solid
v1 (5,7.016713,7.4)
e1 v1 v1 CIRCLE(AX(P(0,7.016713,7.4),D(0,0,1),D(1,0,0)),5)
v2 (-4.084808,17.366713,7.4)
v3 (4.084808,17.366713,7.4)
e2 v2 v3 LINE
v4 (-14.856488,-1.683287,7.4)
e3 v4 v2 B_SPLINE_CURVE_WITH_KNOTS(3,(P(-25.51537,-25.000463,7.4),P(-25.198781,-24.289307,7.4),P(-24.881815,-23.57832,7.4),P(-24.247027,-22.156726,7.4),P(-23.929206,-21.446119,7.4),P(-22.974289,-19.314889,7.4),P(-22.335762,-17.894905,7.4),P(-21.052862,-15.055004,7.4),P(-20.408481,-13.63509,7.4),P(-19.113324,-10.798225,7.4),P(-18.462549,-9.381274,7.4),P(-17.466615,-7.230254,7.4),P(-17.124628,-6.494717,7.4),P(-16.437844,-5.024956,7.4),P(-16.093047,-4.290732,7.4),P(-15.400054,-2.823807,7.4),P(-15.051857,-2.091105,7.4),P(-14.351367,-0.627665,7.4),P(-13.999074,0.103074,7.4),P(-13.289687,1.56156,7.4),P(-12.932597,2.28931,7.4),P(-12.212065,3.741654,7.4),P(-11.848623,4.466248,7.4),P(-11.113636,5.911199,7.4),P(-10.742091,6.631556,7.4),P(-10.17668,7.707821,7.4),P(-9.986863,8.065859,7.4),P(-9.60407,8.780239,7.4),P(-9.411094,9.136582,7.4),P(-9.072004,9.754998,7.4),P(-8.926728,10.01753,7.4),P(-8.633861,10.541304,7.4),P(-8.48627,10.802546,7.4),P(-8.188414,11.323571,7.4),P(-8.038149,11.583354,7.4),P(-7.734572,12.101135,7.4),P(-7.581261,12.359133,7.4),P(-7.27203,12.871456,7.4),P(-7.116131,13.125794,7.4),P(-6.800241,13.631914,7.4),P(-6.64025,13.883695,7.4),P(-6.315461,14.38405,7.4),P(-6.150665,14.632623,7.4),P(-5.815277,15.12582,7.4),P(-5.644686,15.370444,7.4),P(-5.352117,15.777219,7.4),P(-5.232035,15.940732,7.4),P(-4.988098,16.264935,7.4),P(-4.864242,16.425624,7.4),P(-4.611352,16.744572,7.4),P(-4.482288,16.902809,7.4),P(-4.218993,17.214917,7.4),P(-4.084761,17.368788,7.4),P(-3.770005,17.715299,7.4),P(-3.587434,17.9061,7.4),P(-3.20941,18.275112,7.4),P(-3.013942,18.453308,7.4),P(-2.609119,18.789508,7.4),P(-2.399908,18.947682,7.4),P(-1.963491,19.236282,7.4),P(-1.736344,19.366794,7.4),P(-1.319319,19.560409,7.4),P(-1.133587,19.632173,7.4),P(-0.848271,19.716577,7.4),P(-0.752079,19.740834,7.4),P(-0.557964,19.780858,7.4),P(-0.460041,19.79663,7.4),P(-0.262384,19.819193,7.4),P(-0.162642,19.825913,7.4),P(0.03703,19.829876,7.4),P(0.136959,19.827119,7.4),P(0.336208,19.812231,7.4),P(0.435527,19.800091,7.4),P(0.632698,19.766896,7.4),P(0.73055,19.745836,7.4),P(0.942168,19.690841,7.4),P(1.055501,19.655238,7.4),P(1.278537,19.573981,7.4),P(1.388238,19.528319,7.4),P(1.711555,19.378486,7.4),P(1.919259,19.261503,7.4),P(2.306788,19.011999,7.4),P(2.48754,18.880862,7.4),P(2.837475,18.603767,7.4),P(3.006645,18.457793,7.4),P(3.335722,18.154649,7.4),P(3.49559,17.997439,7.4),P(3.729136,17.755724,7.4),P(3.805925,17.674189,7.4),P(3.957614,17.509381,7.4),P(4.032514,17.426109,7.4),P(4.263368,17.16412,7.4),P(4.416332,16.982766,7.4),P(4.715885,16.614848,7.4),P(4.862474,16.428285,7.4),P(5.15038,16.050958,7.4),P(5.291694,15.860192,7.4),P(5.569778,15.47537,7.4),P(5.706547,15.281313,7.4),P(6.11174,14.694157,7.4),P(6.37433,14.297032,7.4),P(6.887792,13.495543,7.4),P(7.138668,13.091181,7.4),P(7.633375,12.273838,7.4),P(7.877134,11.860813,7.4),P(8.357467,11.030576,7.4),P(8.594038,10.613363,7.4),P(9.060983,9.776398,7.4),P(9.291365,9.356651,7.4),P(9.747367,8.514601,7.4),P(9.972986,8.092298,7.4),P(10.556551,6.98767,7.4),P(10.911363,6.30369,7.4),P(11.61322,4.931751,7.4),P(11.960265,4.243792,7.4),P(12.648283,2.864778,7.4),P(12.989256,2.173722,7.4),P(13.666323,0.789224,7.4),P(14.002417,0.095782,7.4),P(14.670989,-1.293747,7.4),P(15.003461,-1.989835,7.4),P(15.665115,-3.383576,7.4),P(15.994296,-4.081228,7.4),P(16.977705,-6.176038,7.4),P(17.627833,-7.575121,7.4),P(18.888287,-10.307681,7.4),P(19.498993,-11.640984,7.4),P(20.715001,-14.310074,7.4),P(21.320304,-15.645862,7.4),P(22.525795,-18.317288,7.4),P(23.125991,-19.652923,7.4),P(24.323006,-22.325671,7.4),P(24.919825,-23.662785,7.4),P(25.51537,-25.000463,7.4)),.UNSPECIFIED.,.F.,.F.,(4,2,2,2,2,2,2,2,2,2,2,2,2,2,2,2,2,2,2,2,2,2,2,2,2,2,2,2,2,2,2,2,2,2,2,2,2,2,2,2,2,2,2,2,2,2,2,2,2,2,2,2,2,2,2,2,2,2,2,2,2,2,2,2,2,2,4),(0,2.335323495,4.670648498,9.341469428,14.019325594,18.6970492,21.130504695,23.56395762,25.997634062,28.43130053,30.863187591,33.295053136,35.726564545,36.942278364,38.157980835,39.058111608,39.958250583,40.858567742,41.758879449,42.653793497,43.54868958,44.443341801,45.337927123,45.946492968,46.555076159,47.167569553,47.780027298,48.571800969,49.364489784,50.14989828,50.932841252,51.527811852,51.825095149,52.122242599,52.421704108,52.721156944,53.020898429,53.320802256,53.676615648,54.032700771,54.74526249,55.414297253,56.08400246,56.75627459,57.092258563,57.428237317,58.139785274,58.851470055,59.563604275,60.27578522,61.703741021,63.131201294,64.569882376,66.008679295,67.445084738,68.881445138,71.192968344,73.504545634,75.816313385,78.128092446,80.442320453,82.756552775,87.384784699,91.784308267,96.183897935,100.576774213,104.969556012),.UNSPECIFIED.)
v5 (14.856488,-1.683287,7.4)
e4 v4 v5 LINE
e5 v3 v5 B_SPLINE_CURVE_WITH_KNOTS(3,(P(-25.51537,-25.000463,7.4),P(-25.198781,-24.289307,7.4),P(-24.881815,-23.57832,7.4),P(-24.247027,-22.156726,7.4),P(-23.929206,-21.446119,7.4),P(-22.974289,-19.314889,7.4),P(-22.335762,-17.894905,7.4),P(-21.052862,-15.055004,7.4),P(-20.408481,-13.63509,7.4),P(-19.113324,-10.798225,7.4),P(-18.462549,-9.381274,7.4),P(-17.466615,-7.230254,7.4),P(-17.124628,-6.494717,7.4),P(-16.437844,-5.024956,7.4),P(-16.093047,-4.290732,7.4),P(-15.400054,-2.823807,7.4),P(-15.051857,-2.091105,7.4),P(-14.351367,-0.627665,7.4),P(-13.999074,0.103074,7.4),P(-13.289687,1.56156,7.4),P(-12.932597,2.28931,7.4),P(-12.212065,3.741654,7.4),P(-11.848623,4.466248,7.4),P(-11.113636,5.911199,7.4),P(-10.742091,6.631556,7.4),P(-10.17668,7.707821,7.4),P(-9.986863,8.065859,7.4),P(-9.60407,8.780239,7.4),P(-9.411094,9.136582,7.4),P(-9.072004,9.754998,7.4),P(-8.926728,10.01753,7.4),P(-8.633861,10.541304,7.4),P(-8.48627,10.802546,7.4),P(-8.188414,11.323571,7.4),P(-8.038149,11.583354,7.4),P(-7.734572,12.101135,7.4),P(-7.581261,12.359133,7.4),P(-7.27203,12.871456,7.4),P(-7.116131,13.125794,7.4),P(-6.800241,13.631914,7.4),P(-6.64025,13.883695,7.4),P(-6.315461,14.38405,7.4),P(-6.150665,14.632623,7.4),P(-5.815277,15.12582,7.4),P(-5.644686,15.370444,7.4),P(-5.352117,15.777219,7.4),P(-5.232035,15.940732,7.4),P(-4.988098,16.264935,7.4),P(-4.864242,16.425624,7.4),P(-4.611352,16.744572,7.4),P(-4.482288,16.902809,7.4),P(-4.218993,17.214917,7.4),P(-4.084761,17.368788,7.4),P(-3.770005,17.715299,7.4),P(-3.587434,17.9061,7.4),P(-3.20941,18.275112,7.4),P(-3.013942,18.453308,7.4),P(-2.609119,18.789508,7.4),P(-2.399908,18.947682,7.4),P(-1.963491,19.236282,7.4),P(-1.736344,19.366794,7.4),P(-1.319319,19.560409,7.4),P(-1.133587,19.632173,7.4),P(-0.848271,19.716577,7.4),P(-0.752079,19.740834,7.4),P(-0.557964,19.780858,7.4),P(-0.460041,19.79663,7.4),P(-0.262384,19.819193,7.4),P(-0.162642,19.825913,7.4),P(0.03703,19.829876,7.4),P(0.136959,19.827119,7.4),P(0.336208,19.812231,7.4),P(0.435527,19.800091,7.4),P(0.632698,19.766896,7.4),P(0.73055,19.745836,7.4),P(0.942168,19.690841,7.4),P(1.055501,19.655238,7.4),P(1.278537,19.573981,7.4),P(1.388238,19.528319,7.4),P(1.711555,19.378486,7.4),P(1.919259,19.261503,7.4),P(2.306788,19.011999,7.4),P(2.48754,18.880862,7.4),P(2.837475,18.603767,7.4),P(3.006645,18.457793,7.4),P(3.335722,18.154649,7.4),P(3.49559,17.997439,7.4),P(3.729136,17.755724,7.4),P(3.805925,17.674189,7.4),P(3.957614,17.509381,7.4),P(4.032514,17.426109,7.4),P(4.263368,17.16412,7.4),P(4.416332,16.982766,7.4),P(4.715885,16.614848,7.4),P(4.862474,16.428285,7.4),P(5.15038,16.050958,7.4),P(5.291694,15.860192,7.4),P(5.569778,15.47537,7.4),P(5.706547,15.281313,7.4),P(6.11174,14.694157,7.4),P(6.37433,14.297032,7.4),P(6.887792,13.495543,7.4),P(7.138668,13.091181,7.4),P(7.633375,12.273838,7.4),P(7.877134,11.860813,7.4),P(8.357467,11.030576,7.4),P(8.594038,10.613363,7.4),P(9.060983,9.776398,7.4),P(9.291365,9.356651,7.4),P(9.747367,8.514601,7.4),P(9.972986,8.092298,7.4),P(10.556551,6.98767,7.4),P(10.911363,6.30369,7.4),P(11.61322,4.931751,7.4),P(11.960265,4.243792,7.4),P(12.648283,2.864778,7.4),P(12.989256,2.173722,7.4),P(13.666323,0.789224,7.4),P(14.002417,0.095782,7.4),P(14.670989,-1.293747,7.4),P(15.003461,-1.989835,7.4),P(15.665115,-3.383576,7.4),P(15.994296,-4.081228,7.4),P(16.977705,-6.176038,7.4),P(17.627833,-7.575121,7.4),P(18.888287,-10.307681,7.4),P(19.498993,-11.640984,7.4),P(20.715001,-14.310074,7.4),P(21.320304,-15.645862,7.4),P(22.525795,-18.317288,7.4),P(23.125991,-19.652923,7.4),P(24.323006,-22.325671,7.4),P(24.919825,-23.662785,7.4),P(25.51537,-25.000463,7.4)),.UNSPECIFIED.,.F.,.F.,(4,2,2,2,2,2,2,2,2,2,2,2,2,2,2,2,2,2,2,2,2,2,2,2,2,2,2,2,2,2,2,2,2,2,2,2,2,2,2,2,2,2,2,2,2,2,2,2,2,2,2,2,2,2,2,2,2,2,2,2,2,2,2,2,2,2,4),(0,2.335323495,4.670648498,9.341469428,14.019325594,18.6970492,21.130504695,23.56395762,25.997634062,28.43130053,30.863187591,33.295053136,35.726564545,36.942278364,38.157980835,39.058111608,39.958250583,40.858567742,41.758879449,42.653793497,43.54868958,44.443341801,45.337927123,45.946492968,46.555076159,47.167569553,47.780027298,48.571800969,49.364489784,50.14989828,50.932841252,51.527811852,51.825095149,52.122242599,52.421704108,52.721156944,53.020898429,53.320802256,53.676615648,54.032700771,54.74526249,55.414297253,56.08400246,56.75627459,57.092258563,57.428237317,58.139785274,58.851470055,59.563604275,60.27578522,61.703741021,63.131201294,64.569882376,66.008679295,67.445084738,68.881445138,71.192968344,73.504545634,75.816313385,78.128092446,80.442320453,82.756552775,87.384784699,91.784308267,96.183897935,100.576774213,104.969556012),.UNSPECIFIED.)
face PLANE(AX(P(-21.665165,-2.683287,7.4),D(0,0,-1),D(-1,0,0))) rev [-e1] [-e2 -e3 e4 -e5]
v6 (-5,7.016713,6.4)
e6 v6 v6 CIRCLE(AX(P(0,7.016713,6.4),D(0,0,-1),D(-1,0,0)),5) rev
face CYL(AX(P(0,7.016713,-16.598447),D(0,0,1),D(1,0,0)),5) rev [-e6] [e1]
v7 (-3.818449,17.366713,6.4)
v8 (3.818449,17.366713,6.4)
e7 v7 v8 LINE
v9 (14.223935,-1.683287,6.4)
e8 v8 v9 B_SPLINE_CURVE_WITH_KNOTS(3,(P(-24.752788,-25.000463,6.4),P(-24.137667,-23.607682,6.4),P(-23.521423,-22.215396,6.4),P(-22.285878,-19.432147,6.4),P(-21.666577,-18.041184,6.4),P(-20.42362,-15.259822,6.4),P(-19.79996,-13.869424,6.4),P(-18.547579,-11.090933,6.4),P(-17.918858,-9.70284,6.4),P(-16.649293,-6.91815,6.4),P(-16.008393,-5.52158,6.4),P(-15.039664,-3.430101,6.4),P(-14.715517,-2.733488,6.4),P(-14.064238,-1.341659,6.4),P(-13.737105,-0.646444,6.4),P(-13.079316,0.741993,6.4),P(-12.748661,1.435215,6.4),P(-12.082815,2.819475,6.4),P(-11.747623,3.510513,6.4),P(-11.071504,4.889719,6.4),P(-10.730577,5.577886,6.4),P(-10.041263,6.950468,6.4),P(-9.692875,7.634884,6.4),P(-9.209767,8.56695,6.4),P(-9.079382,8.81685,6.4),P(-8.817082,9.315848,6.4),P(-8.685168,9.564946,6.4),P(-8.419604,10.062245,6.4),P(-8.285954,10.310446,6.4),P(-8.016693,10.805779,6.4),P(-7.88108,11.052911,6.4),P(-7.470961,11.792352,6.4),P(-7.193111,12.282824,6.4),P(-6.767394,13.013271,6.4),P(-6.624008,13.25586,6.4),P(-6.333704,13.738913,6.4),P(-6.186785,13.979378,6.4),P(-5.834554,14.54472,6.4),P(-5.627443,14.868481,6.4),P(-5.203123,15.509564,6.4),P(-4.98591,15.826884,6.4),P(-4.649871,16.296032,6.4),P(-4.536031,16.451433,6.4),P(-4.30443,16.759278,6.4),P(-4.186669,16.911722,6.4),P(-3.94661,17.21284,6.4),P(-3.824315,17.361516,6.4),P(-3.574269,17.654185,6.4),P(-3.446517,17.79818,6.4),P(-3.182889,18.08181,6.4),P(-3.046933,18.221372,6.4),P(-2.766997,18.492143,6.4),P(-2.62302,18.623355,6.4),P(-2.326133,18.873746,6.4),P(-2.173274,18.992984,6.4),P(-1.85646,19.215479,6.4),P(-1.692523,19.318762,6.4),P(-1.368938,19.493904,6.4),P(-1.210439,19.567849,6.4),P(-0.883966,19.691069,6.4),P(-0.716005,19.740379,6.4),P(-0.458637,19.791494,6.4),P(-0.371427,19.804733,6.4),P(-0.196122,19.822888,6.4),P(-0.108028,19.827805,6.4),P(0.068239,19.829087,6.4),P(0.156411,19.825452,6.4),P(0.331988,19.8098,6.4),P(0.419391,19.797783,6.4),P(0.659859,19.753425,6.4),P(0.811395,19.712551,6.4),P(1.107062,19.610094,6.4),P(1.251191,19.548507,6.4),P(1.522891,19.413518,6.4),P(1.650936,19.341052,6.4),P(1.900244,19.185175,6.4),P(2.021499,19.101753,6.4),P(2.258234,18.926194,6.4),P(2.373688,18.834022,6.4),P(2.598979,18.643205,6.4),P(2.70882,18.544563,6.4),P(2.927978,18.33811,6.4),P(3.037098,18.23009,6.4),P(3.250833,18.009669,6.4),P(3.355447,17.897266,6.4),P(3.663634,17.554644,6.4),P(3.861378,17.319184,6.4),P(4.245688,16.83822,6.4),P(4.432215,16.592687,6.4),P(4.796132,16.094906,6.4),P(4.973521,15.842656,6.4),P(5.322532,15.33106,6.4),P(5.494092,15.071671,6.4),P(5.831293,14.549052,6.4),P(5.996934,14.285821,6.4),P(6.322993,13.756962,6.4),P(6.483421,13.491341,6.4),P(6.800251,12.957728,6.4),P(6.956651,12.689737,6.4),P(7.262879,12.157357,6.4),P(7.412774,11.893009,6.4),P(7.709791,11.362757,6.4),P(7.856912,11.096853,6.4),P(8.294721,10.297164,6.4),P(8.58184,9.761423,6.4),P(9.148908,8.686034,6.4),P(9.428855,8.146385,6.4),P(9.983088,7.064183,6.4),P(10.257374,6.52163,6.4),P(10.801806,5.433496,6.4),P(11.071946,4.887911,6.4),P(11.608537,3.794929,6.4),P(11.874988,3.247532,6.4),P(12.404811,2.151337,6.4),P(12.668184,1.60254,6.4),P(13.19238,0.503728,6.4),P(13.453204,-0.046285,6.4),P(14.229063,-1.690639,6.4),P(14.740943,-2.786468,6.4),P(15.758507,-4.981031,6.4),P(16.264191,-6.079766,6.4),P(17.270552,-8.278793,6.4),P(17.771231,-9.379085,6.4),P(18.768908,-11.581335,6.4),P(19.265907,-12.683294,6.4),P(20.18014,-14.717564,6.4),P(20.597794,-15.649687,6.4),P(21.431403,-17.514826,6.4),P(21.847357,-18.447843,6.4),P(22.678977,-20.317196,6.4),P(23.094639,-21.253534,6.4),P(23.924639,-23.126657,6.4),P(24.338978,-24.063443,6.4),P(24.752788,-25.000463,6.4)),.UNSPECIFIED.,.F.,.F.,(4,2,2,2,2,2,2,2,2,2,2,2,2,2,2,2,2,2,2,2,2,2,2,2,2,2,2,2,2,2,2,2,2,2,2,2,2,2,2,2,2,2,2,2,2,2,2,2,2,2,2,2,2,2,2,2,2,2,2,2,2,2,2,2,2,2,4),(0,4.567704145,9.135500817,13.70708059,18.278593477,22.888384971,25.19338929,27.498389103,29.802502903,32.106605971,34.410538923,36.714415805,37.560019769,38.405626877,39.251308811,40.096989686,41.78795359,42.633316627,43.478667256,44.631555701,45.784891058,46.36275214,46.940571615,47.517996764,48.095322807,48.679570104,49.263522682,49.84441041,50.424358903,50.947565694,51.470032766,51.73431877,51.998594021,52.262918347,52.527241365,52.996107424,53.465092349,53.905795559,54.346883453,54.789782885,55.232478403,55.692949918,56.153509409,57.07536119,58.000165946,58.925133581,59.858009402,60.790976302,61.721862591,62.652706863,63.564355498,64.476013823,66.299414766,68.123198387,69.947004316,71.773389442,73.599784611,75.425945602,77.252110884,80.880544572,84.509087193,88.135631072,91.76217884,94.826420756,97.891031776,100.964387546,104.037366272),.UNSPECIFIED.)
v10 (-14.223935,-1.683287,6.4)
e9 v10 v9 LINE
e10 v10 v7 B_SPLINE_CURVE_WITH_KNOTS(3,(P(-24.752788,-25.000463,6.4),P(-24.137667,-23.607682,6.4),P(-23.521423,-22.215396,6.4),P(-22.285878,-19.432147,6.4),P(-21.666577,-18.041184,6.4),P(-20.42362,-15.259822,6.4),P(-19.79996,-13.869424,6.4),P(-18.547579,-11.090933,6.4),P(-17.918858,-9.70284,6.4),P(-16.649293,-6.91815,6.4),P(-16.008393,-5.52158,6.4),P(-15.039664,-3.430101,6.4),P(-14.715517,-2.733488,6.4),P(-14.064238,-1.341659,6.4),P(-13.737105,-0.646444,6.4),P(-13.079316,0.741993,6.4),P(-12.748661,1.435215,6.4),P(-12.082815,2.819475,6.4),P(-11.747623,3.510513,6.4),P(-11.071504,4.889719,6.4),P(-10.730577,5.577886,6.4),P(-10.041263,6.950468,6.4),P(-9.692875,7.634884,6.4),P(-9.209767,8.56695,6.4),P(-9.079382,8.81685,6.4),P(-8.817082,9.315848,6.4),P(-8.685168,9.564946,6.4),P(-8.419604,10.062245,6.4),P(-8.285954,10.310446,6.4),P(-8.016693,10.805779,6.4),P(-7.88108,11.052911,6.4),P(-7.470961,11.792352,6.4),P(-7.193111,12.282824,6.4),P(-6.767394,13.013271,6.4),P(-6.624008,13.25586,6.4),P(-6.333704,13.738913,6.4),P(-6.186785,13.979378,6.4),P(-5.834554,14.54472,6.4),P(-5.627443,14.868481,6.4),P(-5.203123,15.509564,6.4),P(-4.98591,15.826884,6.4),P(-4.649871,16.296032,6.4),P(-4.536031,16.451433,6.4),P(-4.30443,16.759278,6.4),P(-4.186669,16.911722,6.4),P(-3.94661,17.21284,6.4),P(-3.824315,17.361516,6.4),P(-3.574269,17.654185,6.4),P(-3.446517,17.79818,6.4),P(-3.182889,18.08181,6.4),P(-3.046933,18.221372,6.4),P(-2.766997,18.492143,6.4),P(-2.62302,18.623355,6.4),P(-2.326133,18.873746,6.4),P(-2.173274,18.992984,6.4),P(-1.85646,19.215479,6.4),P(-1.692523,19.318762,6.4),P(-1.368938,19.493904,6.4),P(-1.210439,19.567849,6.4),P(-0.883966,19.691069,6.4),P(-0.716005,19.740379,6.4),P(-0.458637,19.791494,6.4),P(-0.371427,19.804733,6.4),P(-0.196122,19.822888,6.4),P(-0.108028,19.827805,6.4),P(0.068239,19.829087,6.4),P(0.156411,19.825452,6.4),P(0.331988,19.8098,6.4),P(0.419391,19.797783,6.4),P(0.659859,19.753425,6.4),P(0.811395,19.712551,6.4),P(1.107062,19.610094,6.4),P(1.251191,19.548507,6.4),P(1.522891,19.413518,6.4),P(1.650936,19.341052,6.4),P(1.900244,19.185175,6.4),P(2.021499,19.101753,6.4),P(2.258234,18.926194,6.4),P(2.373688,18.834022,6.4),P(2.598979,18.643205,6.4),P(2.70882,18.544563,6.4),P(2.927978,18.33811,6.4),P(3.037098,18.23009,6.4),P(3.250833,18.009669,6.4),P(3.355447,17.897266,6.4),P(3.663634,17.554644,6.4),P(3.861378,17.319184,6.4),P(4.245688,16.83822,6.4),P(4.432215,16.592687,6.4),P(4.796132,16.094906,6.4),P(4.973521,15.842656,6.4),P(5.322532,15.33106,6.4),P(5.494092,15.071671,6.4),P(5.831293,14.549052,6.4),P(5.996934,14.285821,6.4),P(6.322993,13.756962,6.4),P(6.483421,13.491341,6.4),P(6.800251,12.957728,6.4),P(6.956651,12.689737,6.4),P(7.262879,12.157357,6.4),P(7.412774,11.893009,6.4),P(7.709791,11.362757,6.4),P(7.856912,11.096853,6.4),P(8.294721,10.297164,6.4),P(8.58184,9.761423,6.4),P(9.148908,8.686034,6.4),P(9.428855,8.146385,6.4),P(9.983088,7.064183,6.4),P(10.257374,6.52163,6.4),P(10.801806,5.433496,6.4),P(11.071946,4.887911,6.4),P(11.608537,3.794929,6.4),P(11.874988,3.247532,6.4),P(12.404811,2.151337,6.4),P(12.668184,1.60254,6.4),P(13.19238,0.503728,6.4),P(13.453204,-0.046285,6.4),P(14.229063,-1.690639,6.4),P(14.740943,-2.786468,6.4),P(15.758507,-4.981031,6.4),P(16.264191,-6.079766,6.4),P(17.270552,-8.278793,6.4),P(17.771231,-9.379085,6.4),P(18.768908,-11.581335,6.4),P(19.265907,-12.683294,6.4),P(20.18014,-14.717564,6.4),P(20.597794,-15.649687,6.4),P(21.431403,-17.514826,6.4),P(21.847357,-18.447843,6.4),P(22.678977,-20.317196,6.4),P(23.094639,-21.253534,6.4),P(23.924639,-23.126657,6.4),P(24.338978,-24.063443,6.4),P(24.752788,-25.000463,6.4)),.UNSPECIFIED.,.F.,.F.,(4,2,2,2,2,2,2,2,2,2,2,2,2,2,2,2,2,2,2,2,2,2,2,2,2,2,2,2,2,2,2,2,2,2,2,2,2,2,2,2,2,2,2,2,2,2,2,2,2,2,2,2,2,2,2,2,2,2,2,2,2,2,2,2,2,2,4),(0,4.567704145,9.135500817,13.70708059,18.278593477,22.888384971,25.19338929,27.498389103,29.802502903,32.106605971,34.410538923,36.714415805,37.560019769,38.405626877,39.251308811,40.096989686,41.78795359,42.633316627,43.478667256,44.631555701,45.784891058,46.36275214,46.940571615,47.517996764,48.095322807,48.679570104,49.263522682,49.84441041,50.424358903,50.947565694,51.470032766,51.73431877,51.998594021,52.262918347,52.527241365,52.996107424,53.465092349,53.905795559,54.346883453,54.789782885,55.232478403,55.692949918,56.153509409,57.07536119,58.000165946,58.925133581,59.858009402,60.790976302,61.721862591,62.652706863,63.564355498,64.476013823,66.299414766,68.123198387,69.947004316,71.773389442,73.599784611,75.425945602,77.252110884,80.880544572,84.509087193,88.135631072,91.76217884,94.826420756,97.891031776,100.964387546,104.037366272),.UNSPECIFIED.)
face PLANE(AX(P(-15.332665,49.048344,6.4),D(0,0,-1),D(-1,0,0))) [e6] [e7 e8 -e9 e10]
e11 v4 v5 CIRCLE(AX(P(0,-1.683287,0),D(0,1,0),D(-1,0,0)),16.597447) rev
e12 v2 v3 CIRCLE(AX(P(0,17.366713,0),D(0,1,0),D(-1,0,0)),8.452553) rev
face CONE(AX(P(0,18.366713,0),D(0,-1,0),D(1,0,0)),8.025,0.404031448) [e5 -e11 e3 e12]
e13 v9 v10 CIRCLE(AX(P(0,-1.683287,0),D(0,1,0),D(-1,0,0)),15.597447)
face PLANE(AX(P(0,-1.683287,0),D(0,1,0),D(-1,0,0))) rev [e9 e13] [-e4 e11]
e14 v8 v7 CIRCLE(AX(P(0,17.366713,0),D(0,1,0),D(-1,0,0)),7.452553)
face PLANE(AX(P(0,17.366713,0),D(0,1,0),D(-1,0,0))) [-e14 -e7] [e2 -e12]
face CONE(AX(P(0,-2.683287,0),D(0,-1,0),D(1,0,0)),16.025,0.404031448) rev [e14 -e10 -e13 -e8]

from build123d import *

# Parameters (mm, degrees)
CUT_EXTRUDE1_DEPTH      = 32.981303132
CUT_EXTRUDE1_DEPTH_BACK = 32.981303132
SKETCH4_W               = 44.770884432
SKETCH4_H               = 10.69042287
SKETCH6_W               = 30.665330586
SKETCH6_H               = 1
BOSS_EXTRUDE1_DEPTH     = 21.05
SKETCH8_W               = 44.013591964
SKETCH8_H               = 26.255140404
CUT_EXTRUDE2_DEPTH      = 1
SKETCH9_W               = 50.816359418
SKETCH9_H               = 30.548951937
CUT_EXTRUDE3_DEPTH      = 1
CUT_EXTRUDE4_REACH      = 35.955
SKETCH10_R              = 5


with BuildPart() as part:
    # Sketch3 → Revolve1 (revolve)
    with BuildSketch(Plane.XY):
        Polygon((-7.025, 18.366712654), (-8.025, 18.366712654), (-17.025, -2.683287346), (-16.025, -2.683287346), align=None)
    revolve(axis=Axis((0, 50, 0), (0, -1, 0)))

    # Sketch4 → Cut-Extrude1 (cut, two sides: drawn at the far end of the back side and taken through both)
    with BuildSketch(Plane(origin=(0, 18.366712654, 0), x_dir=(1, 0, 0), z_dir=(0, 1, 0)).offset(-CUT_EXTRUDE1_DEPTH_BACK)):
        with Locations((0.720276718, -12.745211435)):
            Rectangle(SKETCH4_W, SKETCH4_H)
    extrude(amount=CUT_EXTRUDE1_DEPTH + CUT_EXTRUDE1_DEPTH_BACK, mode=Mode.SUBTRACT)

    # Sketch6 → Boss-Extrude1 (add)
    with BuildSketch(Plane.XZ.offset(2.683287346)):
        with Locations((0, 6.9)):
            Rectangle(SKETCH6_W, SKETCH6_H)
    extrude(amount=-BOSS_EXTRUDE1_DEPTH)

    # Sketch7 → Cut-Revolve1 (revolve, cut)
    with BuildSketch(Plane(origin=(0, 0, 0), x_dir=(0, 0, -1), z_dir=(1, 0, 0))):
        Polygon((8.025, 18.366712654), (17.025, -2.683287346), (18.600289965, -2.683287346), (18.600289965, 18.366712654), align=None)
    revolve(axis=Axis((0, 14.930838331, 0), (0, -1, 0)), mode=Mode.SUBTRACT)

    # Sketch8 → Cut-Extrude2 (cut)
    with BuildSketch(Plane(origin=(0, 18.366712654, 0), x_dir=(1, 0, 0), z_dir=(0, 1, 0))):
        with Locations((-2.588663139, 4.329260992)):
            Rectangle(SKETCH8_W, SKETCH8_H)
    extrude(amount=-CUT_EXTRUDE2_DEPTH, mode=Mode.SUBTRACT)

    # Sketch9 → Cut-Extrude3 (cut)
    with BuildSketch(Plane.XZ.offset(2.683287346)):
        with Locations((0.819476292, -3.706436551)):
            Rectangle(SKETCH9_W, SKETCH9_H)
    extrude(amount=-CUT_EXTRUDE3_DEPTH, mode=Mode.SUBTRACT)

    # Sketch10 → Cut-Extrude4 (cut, up to next)
    with BuildSketch(Plane.XY.offset(7.4), mode=Mode.PRIVATE) as cut_extrude4_sk1:
        with Locations((0, 7.016712654)):
            Circle(SKETCH10_R)
    cut_extrude4_tool1 = extrude(cut_extrude4_sk1.sketch, amount=-CUT_EXTRUDE4_REACH, mode=Mode.PRIVATE) & part.part
    add(cut_extrude4_tool1.solids().sort_by_distance((0, 7.016713, 7.4))[0], mode=Mode.SUBTRACT)


solid = part.part
